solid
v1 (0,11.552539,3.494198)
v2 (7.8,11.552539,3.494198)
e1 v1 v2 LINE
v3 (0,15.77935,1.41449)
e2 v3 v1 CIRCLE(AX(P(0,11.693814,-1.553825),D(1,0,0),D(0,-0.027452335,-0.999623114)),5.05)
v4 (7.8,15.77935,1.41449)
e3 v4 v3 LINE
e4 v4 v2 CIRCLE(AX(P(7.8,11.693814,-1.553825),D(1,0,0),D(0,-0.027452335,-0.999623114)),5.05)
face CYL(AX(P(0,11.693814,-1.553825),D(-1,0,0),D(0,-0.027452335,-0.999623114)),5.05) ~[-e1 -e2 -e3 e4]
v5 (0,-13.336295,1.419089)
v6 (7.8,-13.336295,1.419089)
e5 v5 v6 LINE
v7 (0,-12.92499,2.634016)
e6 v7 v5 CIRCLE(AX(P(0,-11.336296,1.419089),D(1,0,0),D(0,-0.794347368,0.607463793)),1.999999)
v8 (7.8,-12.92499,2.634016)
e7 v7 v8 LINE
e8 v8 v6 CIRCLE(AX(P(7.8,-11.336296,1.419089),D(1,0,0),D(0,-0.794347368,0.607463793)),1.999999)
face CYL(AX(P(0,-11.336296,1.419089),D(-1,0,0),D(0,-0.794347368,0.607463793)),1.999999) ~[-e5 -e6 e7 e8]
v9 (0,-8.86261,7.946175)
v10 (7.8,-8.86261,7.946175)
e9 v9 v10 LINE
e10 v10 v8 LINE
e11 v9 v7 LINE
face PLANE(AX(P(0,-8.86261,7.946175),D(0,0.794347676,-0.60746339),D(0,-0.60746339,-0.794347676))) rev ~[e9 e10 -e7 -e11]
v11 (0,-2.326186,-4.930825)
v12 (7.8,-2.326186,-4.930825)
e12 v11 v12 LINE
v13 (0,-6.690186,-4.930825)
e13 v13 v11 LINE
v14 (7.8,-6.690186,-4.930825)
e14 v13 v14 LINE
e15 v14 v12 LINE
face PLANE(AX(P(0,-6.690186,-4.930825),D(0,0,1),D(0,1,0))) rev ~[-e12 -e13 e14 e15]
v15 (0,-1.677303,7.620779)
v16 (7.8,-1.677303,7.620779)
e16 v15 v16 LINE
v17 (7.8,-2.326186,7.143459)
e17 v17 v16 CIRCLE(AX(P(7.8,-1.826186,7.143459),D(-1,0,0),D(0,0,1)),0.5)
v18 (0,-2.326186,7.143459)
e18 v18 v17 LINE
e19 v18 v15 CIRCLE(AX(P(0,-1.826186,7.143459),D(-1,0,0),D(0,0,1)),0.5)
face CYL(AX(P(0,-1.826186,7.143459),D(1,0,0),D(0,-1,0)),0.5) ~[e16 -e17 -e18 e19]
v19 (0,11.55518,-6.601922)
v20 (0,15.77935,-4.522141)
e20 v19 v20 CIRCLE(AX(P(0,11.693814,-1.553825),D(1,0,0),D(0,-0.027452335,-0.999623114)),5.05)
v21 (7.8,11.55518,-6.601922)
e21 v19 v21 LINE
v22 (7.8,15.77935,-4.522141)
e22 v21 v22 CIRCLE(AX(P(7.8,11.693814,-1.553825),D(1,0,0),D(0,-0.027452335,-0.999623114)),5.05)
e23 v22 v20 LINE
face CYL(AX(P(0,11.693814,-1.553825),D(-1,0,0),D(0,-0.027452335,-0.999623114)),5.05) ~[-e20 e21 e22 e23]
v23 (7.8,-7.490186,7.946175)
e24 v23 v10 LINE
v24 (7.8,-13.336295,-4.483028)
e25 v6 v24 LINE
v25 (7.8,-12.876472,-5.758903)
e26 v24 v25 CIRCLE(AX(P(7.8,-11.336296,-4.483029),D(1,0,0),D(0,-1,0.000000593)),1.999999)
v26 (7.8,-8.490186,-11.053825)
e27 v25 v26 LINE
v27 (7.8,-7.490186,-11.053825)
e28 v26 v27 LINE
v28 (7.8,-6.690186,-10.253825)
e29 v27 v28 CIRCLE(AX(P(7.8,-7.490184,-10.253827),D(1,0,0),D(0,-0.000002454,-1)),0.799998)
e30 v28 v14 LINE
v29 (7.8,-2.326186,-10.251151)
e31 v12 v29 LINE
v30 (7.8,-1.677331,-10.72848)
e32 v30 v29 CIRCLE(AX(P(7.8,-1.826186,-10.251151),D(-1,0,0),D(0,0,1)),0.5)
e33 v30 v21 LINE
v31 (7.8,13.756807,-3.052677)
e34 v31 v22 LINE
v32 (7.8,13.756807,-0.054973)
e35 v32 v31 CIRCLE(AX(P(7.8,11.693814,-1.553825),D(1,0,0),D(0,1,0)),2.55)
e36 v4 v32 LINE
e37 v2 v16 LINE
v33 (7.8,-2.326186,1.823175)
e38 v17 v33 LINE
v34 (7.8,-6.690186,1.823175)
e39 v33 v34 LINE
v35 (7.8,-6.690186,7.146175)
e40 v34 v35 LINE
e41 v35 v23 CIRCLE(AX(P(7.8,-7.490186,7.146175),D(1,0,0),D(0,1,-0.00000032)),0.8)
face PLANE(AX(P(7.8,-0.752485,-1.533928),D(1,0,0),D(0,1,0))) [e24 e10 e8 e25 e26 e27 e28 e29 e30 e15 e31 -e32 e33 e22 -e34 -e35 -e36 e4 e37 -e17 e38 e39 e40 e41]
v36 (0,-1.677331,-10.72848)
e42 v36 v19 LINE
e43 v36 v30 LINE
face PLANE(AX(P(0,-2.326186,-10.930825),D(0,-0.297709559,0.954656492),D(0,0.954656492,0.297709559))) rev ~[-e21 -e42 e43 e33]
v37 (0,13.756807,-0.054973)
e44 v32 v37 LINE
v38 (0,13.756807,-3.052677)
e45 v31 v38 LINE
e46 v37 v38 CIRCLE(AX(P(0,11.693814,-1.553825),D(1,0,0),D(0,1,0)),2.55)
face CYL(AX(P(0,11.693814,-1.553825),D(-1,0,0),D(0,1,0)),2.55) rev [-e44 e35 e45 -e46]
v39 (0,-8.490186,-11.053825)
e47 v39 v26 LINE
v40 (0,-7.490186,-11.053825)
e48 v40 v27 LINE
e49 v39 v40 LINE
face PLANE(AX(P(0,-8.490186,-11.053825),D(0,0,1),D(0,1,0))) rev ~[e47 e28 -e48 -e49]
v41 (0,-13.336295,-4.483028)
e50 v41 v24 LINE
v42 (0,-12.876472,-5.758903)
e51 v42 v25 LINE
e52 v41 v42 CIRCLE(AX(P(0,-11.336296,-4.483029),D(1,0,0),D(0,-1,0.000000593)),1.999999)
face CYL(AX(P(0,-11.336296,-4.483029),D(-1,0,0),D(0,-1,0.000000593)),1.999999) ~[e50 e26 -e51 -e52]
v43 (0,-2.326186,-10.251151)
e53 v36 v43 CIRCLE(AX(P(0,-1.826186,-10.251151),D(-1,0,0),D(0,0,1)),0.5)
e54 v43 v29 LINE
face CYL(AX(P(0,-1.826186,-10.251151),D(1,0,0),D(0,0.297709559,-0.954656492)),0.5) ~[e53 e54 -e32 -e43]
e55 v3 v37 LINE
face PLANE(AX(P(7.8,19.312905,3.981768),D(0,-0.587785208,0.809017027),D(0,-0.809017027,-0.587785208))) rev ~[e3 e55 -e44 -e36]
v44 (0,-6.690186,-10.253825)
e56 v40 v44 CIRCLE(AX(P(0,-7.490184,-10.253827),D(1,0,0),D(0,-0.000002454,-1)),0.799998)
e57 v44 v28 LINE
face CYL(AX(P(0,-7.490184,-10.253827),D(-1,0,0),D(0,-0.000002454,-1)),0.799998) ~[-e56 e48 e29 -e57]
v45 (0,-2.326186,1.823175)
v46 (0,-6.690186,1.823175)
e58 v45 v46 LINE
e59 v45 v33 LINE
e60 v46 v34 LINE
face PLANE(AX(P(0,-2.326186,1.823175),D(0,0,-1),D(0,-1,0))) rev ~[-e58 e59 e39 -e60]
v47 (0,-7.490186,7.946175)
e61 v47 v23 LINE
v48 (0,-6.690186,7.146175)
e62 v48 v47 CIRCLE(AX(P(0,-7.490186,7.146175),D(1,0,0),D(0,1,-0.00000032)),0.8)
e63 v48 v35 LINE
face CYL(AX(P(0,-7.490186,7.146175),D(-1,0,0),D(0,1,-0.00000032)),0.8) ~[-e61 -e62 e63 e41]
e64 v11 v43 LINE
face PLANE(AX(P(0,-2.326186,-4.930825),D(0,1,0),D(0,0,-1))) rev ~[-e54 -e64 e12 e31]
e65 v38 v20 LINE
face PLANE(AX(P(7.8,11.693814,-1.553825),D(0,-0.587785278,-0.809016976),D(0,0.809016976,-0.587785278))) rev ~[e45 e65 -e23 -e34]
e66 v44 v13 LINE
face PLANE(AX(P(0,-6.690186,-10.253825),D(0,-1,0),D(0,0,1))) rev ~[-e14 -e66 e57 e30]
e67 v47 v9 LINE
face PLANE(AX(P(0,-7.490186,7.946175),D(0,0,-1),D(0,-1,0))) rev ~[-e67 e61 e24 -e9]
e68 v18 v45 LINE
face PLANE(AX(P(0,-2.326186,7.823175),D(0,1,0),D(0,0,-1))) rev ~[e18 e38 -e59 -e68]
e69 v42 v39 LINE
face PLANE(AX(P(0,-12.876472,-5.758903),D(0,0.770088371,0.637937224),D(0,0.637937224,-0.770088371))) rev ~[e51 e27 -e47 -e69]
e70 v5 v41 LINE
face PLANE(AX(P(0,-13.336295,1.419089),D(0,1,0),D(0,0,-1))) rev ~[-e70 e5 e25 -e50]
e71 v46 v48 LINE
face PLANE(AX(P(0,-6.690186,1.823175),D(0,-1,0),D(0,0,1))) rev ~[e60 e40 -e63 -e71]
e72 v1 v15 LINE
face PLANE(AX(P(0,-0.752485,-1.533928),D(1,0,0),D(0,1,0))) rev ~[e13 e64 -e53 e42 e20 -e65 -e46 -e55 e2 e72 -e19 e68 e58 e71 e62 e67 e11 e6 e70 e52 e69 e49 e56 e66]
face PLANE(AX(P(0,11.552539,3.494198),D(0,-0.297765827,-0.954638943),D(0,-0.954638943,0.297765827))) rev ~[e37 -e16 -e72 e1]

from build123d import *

# Parameters (mm, degrees)
F0_R     = 2.55
F1_DEPTH = 7.8
F2_R     = 0.5
F4_DEPTH = 25


with BuildPart() as f1:
    # F0 (on Right) → F1 (new body)
    with BuildSketch(Plane.YZ):
        with BuildLine():
            Line((-2.326186, 7.823175), (-2.326186, 1.823175))
            Line((-2.326186, 1.823175), (-6.690186, 1.823175))
            Line((-6.690186, 1.823175), (-6.690186, 7.146175))
            ThreePointArc((-6.690186, 7.146175), (-6.9245, 7.71186), (-7.490186, 7.946175))
            Line((-7.490186, 7.946175), (-8.86261, 7.946175))
            Line((-8.86261, 7.946175), (-12.92499, 2.634016))
            ThreePointArc((-12.92499, 2.634016), (-13.23068, 2.06042), (-13.336295, 1.419089))
            Line((-13.336295, 1.419089), (-13.336295, -4.483028))
            ThreePointArc((-13.336295, -4.483028), (-13.217831, -5.161131), (-12.876472, -5.758903))
            Line((-12.876472, -5.758903), (-8.490186, -11.053825))
            Line((-8.490186, -11.053825), (-7.490186, -11.053825))
            ThreePointArc((-7.490186, -11.053825), (-6.9245, -10.819511), (-6.690186, -10.253825))
            Line((-6.690186, -10.253825), (-6.690186, -4.930825))
            Line((-6.690186, -4.930825), (-2.326186, -4.930825))
            Line((-2.326186, -4.930825), (-2.326186, -10.930825))
            Line((-2.326186, -10.930825), (11.55518, -6.601922))
            ThreePointArc((11.55518, -6.601922), (16.743814, -1.552504), (11.552539, 3.494198))
            Line((11.552539, 3.494198), (-2.326186, 7.823175))
        make_face()
        with Locations((11.693814, -1.553825)):
            Circle(F0_R, mode=Mode.SUBTRACT)
    extrude(amount=F1_DEPTH)

    # F2
    f2_edges = [f1.edges().sort_by_distance(p)[0] for p in [
        (3.9, -2.326186, 7.823175),
        (3.9, -2.326186, -10.930825),
    ]]
    fillet(f2_edges, radius=F2_R)

    # F3 (on face) → F4 (cut)
    with BuildSketch(Plane.YZ.offset(7.8)):
        Polygon((19.312905, 3.981768), (11.693814, -1.553825), (19.312905, -7.089419), align=None)
    extrude(amount=-F4_DEPTH, mode=Mode.SUBTRACT)


solid = f1.part
